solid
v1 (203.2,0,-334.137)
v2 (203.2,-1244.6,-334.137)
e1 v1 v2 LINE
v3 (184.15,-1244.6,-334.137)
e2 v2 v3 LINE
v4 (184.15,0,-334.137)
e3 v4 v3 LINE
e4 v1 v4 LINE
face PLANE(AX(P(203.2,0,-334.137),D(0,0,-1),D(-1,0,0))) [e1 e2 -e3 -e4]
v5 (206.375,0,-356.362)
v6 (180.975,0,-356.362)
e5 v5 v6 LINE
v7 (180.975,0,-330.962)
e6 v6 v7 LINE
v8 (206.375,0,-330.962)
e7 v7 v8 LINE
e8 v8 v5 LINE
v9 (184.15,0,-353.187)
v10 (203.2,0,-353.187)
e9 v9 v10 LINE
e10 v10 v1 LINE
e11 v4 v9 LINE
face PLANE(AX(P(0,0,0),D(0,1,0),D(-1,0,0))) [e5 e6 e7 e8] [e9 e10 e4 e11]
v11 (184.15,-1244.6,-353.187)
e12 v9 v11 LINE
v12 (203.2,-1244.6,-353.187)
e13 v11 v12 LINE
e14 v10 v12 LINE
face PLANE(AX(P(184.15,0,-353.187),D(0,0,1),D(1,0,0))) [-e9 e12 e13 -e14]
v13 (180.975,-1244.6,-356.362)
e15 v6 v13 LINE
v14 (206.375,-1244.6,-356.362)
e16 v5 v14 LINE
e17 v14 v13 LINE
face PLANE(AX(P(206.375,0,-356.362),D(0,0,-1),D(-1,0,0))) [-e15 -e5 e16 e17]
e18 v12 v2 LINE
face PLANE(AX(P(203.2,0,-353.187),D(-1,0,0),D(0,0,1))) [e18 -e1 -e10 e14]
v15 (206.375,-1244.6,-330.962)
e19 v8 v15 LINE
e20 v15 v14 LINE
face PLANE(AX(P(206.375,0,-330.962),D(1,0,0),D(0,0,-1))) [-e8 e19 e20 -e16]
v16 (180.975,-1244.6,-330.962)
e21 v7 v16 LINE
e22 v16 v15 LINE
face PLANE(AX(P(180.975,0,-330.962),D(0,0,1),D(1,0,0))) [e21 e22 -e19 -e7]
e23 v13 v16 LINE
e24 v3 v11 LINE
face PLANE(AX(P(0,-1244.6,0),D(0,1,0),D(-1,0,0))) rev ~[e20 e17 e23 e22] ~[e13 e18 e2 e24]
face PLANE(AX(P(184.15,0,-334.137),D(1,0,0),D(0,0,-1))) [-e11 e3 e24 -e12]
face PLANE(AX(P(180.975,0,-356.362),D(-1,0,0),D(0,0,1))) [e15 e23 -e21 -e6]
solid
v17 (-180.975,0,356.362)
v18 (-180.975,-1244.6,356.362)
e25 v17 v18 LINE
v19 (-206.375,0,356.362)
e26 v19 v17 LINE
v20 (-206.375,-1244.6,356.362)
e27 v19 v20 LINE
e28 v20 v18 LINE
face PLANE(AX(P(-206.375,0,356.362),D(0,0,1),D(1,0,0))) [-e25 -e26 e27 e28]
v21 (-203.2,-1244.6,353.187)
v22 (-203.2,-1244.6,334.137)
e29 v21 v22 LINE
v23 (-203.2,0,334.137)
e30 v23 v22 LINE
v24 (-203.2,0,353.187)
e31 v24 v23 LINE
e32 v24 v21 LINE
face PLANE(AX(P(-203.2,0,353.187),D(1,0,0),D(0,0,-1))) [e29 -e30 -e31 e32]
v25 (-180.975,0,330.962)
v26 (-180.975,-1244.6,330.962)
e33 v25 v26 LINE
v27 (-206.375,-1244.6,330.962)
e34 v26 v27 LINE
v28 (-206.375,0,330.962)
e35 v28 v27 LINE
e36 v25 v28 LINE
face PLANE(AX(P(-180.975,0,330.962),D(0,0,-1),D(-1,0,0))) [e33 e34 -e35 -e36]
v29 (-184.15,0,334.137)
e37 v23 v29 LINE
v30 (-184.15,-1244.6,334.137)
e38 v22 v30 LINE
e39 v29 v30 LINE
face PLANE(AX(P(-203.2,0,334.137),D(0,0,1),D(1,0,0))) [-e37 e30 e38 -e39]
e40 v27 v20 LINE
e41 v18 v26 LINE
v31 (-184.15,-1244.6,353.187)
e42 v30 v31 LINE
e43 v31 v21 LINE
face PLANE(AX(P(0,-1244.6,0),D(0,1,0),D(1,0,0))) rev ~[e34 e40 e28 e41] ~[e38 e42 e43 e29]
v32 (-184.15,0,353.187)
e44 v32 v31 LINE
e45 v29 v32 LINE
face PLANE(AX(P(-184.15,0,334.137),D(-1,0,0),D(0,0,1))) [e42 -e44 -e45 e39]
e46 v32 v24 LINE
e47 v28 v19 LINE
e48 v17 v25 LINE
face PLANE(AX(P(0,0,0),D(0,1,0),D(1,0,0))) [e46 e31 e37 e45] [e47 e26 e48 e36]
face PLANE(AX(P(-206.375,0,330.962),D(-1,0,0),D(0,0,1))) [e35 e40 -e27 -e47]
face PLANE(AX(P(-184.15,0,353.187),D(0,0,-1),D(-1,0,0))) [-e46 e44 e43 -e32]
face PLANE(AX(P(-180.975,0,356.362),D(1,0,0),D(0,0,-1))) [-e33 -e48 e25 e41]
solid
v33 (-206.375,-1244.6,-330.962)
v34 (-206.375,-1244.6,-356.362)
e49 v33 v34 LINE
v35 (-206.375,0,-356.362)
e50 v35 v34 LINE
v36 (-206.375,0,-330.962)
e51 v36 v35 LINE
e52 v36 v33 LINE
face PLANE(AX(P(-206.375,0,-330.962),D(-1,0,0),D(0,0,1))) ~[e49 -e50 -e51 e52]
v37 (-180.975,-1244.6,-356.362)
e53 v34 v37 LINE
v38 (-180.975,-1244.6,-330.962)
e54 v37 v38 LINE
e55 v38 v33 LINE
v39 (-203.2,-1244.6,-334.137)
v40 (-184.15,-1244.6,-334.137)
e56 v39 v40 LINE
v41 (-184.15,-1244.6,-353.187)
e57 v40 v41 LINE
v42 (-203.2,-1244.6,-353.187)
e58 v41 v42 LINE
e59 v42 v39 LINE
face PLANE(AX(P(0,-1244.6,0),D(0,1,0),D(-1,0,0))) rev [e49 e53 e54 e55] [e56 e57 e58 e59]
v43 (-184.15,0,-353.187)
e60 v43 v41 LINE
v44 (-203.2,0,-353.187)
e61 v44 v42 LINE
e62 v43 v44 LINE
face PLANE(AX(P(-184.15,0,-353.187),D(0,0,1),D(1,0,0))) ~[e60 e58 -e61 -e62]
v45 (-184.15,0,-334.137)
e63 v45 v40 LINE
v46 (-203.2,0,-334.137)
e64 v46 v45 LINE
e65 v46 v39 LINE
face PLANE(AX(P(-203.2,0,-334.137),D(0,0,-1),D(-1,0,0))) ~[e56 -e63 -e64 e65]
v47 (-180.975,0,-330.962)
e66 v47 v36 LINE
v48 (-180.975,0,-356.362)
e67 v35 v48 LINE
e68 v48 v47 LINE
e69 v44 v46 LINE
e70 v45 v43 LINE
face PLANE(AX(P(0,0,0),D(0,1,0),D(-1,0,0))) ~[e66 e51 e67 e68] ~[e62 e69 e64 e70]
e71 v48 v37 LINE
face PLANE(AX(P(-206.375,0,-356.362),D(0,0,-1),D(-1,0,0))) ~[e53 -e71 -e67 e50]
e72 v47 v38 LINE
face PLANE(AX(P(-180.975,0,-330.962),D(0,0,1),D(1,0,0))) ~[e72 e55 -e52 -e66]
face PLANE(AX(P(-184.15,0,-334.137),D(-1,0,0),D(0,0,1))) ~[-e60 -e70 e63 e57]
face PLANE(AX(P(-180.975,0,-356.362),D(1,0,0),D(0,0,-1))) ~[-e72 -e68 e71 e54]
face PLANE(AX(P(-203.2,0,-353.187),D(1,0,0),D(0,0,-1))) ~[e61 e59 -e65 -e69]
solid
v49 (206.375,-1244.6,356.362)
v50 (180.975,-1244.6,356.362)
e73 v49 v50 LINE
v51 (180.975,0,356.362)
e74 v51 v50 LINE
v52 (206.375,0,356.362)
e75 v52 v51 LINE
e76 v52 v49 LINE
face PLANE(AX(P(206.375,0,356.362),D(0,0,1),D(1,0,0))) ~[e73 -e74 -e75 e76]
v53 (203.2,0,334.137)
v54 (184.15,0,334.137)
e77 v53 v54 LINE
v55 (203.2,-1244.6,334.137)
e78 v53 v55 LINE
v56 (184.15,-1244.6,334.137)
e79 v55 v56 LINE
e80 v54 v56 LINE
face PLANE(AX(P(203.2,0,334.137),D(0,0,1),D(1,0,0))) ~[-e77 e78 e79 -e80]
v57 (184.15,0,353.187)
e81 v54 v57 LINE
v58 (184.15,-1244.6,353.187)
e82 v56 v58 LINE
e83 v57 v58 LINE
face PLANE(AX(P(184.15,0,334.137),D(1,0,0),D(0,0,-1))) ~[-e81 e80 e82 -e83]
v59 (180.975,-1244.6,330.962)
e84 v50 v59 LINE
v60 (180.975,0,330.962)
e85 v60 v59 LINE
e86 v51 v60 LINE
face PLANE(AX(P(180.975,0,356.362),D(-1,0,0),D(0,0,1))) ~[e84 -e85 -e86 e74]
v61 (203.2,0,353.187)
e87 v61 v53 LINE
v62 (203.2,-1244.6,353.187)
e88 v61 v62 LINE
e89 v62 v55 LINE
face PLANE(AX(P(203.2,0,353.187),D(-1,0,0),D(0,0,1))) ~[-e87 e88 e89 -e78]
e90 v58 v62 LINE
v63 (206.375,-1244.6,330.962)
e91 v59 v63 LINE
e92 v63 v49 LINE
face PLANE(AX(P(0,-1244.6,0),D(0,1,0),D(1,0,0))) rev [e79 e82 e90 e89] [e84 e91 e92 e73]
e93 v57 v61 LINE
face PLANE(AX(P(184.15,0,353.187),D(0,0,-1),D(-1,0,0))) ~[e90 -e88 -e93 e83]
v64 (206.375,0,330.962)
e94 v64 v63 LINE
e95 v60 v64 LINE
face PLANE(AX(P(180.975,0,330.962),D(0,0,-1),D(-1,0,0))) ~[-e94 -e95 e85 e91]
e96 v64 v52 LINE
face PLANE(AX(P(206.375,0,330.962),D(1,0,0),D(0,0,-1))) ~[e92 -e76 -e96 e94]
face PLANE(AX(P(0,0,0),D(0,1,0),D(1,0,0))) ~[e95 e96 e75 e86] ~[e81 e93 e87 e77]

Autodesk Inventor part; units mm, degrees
ref_plane "YZ Plane" through (0, 0, 0) normal (1, 0, 0) x (0, 1, 0)
ref_plane "XZ Plane" through (0, 0, 0) normal (0, 1, 0) x (-1, 0, 0)
ref_plane "XY Plane" through (0, 0, 0) normal (0, 0, 1) x (1, 0, 0)
sketch "Sketch1" plane through (0, 0, 0) normal (0, 1, 0) x (-1, 0, 0)
  line L0 (206.375, 356.362) -> (-206.375, 356.362) construction
  line L1 (-206.375, 356.362) -> (-206.375, -356.362) construction
  line L2 (-206.375, -356.362) -> (206.375, -356.362) construction
  line L3 (206.375, -356.362) -> (206.375, 356.362) construction
  line L4 (206.375, 356.362) -> (-206.375, -356.362) construction
  line L5 (-206.375, 356.362) -> (206.375, -356.362) construction
  line L6 (-206.375, -356.362) -> (-180.975, -356.362)
  line L7 (-180.975, -356.362) -> (-180.975, -330.962)
  line L8 (-180.975, -330.962) -> (-206.375, -330.962)
  line L9 (-206.375, -330.962) -> (-206.375, -356.362)
  line L10 (-203.2, -334.137) -> (-184.15, -334.137)
  line L11 (-184.15, -334.137) -> (-184.15, -353.187)
  line L12 (-184.15, -353.187) -> (-203.2, -353.187)
  line L13 (-203.2, -353.187) -> (-203.2, -334.137)
  line L14 (-203.2, -334.137) -> (-184.15, -353.187) construction
  line L15 (-184.15, -334.137) -> (-203.2, -353.187) construction
  point P0 (0, 0)
  point P1 (-193.675, -343.662)
  dimension "d0" = 412.75
  dimension "d1" = 712.724
  dimension "d2" = 25.4
  dimension "d3" = 25.4
  dimension "d4" = 19.05
  dimension "d5" = 19.05
extrude "Extrusion1" add sketch "Sketch1" against normal blind 1244.6
mirror "Mirror1" about plane through (0, 0, 0) normal (1, 0, 0) of "Extrusion1"
mirror "Mirror2" about plane through (0, 0, 0) normal (0, 0, 1) of "Extrusion1", "Mirror1"
properties part number "supportForLift" material "Aluminum 6061"
